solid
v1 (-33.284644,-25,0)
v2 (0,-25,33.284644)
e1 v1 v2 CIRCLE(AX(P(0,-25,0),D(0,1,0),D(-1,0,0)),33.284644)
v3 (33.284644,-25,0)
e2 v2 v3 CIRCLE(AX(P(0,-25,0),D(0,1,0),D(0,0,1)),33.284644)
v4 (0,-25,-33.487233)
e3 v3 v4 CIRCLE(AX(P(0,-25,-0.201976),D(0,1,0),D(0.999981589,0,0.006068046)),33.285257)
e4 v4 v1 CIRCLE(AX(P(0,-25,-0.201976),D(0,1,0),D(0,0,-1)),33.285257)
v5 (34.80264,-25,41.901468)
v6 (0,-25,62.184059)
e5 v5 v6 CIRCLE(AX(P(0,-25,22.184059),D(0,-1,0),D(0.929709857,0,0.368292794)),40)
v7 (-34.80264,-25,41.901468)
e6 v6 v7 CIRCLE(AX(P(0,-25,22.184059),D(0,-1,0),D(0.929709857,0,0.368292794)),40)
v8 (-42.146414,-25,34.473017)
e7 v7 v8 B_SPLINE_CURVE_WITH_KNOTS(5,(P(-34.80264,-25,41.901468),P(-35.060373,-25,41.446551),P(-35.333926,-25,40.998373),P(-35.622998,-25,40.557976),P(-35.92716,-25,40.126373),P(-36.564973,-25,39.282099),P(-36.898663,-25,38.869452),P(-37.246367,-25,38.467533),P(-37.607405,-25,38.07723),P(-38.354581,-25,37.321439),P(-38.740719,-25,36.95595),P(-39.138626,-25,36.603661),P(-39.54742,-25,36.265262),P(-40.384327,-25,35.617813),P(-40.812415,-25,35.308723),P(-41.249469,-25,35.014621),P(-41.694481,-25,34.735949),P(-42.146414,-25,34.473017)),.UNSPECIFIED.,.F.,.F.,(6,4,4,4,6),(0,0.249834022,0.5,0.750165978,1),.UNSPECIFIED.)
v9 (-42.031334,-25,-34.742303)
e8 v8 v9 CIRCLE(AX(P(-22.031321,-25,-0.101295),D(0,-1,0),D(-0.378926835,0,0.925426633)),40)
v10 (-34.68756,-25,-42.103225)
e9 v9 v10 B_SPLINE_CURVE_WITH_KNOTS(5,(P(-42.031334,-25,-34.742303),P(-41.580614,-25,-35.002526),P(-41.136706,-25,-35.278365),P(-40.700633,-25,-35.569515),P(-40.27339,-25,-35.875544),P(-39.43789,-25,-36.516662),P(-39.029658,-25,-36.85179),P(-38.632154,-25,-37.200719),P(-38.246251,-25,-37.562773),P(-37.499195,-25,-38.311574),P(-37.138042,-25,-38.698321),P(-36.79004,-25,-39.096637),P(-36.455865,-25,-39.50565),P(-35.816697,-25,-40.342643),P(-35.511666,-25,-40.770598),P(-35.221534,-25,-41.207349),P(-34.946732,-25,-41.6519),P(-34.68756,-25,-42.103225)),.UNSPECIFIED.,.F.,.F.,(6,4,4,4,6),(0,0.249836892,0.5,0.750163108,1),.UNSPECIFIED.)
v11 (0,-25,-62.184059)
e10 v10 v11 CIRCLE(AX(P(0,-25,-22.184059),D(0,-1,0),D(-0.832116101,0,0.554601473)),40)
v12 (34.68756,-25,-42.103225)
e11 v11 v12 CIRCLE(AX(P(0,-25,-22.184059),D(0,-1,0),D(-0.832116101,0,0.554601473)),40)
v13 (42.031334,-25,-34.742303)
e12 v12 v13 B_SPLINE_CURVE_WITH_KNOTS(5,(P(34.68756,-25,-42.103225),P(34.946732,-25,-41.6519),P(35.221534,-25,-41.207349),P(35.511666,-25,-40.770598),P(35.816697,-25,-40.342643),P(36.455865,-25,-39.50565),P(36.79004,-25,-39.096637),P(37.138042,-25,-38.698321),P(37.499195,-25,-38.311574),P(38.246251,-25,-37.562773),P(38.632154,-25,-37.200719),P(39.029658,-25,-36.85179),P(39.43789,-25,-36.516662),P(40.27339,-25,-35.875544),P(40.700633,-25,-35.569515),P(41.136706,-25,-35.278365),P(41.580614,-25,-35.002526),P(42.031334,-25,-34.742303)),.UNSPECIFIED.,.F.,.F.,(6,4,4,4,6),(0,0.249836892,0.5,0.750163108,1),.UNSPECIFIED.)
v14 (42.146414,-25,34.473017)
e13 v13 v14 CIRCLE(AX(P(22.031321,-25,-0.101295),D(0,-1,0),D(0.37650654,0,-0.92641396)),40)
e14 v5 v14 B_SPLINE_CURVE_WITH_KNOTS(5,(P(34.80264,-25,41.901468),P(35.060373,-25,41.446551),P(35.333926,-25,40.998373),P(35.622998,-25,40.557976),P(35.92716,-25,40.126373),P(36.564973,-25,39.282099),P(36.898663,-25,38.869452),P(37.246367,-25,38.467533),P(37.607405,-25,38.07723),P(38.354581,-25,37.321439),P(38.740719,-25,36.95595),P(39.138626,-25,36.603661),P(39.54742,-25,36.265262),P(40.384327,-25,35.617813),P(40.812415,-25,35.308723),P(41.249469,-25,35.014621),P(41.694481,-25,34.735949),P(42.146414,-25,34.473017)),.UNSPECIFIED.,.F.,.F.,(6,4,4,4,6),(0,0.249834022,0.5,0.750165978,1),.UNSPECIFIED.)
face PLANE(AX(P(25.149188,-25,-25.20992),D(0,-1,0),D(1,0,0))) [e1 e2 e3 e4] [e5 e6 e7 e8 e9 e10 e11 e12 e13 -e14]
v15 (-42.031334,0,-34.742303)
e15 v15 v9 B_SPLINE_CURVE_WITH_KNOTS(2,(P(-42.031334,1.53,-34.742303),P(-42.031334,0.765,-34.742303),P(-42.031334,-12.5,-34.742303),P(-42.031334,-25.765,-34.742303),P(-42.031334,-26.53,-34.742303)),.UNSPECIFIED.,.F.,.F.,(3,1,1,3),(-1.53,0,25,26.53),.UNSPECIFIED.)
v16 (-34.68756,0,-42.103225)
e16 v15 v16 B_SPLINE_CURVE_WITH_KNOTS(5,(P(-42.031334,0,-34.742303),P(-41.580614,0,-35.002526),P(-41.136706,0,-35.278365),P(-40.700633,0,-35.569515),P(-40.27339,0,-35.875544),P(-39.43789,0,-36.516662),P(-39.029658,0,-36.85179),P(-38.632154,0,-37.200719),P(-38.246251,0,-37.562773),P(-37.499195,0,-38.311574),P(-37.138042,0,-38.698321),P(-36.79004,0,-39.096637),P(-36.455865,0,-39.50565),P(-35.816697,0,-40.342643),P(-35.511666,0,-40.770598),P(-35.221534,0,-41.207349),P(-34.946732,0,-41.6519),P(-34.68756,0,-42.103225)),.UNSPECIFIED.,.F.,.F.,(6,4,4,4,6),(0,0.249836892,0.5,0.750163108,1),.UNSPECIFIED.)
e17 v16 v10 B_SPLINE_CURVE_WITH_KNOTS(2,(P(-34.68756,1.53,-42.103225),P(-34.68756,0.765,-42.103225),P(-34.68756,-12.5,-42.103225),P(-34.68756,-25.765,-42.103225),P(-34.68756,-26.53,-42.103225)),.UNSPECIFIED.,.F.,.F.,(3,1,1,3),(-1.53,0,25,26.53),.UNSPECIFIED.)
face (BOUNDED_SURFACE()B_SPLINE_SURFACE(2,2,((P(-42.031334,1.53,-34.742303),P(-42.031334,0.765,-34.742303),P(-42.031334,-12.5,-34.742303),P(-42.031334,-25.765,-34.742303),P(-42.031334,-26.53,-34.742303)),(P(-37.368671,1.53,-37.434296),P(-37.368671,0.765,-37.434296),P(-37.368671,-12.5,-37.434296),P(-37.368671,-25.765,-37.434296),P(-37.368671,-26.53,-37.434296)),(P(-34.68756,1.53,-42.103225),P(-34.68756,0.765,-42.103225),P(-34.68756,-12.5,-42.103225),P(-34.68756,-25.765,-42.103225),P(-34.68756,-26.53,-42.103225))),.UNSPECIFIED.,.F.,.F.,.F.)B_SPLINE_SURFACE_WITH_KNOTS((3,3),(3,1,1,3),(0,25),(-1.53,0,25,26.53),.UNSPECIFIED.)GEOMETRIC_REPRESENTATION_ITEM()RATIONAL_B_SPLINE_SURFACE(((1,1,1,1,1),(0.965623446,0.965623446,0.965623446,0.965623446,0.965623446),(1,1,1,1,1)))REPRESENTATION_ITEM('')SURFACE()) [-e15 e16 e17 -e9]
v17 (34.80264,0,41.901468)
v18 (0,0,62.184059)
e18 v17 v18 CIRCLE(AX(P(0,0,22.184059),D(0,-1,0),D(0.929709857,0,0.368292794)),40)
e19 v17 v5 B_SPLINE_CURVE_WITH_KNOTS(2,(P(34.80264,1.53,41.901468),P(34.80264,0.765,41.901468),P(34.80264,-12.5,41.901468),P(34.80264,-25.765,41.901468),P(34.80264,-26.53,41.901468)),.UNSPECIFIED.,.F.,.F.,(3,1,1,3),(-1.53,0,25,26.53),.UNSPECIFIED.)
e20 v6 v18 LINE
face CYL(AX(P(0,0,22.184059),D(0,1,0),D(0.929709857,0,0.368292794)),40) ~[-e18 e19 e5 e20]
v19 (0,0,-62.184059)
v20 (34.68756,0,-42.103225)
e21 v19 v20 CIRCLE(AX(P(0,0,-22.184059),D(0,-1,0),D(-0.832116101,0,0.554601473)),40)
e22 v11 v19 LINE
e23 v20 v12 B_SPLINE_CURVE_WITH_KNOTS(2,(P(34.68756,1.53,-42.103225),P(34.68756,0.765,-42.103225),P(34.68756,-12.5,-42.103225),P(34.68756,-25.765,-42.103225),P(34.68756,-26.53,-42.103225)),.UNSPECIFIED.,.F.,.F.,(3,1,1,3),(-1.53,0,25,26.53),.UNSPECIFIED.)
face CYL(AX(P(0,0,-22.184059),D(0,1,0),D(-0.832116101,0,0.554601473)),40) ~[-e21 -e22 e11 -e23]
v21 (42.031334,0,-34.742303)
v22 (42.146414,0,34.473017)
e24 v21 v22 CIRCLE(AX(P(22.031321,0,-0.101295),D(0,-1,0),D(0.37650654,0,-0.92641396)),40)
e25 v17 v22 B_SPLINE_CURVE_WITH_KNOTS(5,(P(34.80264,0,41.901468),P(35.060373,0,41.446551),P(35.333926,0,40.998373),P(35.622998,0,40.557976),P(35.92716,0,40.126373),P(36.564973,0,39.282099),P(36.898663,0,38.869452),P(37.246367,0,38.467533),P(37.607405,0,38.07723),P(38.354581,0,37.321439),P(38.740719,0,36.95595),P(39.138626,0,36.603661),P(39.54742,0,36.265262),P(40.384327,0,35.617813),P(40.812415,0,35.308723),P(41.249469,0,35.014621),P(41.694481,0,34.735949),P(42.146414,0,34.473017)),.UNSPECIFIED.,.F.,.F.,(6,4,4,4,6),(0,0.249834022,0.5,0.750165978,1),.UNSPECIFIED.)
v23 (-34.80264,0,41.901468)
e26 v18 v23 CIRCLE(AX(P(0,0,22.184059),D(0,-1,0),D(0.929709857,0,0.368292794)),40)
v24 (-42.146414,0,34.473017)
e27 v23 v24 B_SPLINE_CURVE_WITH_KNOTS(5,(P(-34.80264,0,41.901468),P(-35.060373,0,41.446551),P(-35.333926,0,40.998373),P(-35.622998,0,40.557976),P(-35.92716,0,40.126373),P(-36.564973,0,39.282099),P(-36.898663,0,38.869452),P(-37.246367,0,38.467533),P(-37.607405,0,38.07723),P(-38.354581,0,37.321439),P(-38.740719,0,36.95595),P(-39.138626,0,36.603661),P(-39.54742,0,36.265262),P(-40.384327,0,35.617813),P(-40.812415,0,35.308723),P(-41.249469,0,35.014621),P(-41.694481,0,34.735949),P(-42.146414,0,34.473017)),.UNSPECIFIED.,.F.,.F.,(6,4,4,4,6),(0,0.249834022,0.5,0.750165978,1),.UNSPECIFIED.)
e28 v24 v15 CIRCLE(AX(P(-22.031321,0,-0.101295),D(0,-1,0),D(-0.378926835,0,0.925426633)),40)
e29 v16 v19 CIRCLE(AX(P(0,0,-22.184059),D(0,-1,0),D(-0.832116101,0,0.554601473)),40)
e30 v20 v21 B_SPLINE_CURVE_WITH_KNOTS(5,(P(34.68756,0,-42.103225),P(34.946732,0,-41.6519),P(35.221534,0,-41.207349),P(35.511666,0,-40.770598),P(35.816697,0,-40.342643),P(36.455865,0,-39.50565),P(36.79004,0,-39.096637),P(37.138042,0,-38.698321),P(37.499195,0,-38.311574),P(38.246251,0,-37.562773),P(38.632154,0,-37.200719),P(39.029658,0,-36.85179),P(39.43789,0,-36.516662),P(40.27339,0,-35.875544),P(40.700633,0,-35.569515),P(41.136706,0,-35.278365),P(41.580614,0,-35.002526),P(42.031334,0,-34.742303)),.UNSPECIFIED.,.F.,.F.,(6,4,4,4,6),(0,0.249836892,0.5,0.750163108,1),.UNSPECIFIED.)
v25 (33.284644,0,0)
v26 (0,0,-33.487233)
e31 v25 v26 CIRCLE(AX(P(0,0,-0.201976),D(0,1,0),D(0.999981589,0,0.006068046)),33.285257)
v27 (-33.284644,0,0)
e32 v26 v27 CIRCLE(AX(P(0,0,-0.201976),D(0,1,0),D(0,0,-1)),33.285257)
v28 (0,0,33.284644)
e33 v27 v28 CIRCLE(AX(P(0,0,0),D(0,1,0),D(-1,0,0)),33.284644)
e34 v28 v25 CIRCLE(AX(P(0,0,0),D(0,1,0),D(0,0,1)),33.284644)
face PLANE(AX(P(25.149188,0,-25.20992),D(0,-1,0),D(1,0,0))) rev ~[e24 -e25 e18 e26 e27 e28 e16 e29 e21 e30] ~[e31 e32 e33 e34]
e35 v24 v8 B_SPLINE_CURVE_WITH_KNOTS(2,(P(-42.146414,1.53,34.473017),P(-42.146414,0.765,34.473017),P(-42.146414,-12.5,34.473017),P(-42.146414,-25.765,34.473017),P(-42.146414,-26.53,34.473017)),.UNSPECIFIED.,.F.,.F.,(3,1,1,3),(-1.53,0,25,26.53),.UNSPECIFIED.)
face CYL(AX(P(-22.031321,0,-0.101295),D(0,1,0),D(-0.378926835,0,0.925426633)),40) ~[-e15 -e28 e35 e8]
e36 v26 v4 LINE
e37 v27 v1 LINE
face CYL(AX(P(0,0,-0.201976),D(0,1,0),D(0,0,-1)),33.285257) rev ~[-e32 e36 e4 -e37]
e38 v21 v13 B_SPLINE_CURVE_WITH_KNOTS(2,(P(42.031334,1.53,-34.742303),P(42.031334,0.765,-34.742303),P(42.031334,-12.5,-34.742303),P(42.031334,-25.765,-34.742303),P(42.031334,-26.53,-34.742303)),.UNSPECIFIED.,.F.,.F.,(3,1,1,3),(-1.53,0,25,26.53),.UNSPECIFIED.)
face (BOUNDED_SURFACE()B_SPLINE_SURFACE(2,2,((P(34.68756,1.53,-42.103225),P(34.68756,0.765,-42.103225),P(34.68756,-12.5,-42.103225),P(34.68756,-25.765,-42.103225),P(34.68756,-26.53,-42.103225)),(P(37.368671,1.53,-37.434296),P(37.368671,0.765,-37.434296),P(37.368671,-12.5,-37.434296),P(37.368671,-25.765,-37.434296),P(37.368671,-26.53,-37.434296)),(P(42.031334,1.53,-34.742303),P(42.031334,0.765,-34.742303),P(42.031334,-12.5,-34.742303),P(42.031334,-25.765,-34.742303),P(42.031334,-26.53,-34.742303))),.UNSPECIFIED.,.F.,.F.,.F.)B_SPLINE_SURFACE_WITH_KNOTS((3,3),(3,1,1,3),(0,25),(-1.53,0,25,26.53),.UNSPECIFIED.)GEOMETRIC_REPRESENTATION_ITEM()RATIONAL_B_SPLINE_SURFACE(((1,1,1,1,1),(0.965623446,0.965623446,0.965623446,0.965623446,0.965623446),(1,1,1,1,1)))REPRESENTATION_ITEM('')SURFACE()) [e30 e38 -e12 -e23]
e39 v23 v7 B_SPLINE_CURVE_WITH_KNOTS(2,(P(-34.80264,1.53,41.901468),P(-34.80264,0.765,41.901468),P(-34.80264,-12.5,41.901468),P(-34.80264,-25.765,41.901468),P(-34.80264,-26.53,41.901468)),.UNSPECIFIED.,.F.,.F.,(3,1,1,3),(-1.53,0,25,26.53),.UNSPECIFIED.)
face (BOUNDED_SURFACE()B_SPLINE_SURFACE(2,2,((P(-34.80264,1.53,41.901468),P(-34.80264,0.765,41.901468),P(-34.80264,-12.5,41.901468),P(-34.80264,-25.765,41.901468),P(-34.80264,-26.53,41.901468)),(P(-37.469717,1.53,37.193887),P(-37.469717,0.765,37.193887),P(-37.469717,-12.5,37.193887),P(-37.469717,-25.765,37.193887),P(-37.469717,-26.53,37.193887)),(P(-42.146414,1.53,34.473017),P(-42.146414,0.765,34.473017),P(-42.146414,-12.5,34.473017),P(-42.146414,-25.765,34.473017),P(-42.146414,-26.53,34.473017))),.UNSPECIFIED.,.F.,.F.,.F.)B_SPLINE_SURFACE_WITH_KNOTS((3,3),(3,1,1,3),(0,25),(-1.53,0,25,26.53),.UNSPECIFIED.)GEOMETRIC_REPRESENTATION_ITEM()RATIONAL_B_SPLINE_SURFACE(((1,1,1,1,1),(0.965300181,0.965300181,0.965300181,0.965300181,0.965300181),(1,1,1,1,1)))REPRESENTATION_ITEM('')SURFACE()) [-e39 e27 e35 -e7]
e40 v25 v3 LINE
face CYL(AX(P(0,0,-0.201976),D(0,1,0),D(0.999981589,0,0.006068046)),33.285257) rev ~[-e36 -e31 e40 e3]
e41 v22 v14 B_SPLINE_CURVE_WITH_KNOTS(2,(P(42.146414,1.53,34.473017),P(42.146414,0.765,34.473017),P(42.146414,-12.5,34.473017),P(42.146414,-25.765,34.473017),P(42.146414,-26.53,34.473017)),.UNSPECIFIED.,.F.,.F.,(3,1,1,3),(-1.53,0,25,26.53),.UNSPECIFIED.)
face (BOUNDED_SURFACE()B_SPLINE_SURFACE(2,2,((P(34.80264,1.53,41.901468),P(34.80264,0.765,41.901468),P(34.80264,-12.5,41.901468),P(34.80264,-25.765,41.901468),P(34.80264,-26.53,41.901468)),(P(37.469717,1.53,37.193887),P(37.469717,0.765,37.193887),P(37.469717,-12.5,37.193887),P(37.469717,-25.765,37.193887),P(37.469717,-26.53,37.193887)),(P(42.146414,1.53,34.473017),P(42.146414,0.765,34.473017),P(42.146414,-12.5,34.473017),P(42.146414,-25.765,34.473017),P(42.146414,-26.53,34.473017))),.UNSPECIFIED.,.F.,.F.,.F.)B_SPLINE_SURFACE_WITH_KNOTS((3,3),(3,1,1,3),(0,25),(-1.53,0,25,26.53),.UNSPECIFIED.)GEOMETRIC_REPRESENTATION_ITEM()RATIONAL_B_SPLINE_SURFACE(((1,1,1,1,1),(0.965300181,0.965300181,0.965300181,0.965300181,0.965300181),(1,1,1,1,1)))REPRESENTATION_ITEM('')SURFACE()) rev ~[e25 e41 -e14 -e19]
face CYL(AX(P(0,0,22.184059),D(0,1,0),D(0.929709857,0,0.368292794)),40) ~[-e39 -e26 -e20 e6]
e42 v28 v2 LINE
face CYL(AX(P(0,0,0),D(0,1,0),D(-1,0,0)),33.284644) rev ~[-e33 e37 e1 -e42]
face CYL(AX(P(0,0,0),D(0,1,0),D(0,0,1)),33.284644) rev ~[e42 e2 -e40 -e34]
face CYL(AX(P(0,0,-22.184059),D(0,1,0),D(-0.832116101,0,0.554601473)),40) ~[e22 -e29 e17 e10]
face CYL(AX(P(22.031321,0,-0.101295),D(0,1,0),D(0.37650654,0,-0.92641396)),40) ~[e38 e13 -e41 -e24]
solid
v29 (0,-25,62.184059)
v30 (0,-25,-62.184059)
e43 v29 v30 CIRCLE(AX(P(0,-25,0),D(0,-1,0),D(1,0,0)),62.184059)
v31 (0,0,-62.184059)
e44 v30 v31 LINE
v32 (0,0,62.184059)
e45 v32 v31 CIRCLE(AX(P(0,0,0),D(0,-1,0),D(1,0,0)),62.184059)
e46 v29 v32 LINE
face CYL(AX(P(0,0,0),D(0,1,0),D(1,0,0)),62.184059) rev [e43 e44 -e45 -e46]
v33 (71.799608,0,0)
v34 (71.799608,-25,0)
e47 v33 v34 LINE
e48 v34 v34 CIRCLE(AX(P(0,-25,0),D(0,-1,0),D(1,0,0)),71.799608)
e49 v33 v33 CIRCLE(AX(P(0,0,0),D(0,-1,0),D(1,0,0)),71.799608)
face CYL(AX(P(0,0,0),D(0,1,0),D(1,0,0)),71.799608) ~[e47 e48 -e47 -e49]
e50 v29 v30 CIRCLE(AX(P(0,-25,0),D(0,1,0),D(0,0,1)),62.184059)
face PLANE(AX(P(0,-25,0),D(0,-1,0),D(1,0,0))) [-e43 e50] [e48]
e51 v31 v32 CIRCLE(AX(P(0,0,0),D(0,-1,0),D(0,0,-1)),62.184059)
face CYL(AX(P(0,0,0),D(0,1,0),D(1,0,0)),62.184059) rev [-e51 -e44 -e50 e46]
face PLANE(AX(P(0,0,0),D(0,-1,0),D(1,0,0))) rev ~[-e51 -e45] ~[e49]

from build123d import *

# Parameters (mm, degrees)
F1_DEPTH = 25
F2_R     = 20
F3_R     = 71.7996081042
F3_R_2   = 62.1840589354
F4_DEPTH = 25


with BuildPart() as f1:
    # F0 (on Front) → F1 (new body)
    with BuildSketch(Plane.XZ):
        with BuildLine():
            ThreePointArc((37.0915824755, -37.1578530257), (39.7917054819, -18.10727407), (33.2846440443, 0))
            ThreePointArc((33.2846440443, 0), (23.6075322928, -23.6666891703), (0, -33.4872333087))
            ThreePointArc((0, -33.4872333087), (18.0921230956, -39.9068560653), (37.0915824755, -37.1578530257))
        make_face()
        with BuildLine():
            ThreePointArc((0, 33.2846440443), (23.5357975131, 23.5357975131), (33.2846440443, 0))
            ThreePointArc((33.2846440443, 0), (39.7782077768, 17.977613159), (37.1883942733, 36.915770695))
            ThreePointArc((37.1883942733, 36.915770695), (18.1441509794, 39.7093812016), (0, 33.2846440443))
        make_face()
        with BuildLine():
            ThreePointArc((37.1883942733, 36.915770695), (39.7782077768, 17.977613159), (33.2846440443, 0))
            ThreePointArc((33.2846440443, 0), (39.7917054819, -18.10727407), (37.0915824755, -37.1578530257))
            ThreePointArc((37.0915824755, -37.1578530257), (62.0312866935, -0.1535732762), (37.1883942733, 36.915770695))
        make_face()
        with BuildLine():
            ThreePointArc((-37.1883942733, 36.915770695), (-18.1441509794, 39.7093812016), (0, 33.2846440443))
            ThreePointArc((0, 33.2846440443), (18.1441509794, 39.7093812016), (37.1883942733, 36.915770695))
            ThreePointArc((37.1883942733, 36.915770695), (0, 62.1840589354), (-37.1883942733, 36.915770695))
        make_face()
        with BuildLine():
            ThreePointArc((-33.2846440443, 0), (-23.5357975131, 23.5357975131), (0, 33.2846440443))
            ThreePointArc((0, 33.2846440443), (-18.1441509794, 39.7093812016), (-37.1883942733, 36.915770695))
            ThreePointArc((-37.1883942733, 36.915770695), (-39.7782077768, 17.977613159), (-33.2846440443, 0))
        make_face()
        with BuildLine():
            ThreePointArc((-37.0915824755, -37.1578530257), (-18.0921230956, -39.9068560653), (0, -33.4872333087))
            ThreePointArc((0, -33.4872333087), (-23.6075322928, -23.6666891703), (-33.2846440443, 0))
            ThreePointArc((-33.2846440443, 0), (-39.7917054819, -18.10727407), (-37.0915824755, -37.1578530257))
        make_face()
        with BuildLine():
            ThreePointArc((37.0915824755, -37.1578530257), (18.0921230956, -39.9068560653), (0, -33.4872333087))
            ThreePointArc((0, -33.4872333087), (-18.0921230956, -39.9068560653), (-37.0915824755, -37.1578530257))
            ThreePointArc((-37.0915824755, -37.1578530257), (0, -62.1840589354), (37.0915824755, -37.1578530257))
        make_face()
        with BuildLine():
            ThreePointArc((-37.0915824755, -37.1578530257), (-39.7917054819, -18.10727407), (-33.2846440443, 0))
            ThreePointArc((-33.2846440443, 0), (-39.7782077768, 17.977613159), (-37.1883942733, 36.915770695))
            ThreePointArc((-37.1883942733, 36.915770695), (-62.0312866935, -0.1535732762), (-37.0915824755, -37.1578530257))
        make_face()
    extrude(amount=F1_DEPTH)

    # F2
    f2_edges = [f1.edges().sort_by_distance(p)[0] for p in [
        (-37.188394, -12.5, 36.915771),
        (37.188394, -12.5, 36.915771),
        (37.091582, -12.5, -37.157853),
        (-37.091582, -12.5, -37.157853),
    ]]
    fillet(f2_edges, radius=F2_R)

    # F3 (on Front) → F4 (join)
    with BuildSketch(Plane.XZ):
        Circle(F3_R)
        Circle(F3_R_2, mode=Mode.SUBTRACT)
    extrude(amount=F4_DEPTH)


solid = f1.part
